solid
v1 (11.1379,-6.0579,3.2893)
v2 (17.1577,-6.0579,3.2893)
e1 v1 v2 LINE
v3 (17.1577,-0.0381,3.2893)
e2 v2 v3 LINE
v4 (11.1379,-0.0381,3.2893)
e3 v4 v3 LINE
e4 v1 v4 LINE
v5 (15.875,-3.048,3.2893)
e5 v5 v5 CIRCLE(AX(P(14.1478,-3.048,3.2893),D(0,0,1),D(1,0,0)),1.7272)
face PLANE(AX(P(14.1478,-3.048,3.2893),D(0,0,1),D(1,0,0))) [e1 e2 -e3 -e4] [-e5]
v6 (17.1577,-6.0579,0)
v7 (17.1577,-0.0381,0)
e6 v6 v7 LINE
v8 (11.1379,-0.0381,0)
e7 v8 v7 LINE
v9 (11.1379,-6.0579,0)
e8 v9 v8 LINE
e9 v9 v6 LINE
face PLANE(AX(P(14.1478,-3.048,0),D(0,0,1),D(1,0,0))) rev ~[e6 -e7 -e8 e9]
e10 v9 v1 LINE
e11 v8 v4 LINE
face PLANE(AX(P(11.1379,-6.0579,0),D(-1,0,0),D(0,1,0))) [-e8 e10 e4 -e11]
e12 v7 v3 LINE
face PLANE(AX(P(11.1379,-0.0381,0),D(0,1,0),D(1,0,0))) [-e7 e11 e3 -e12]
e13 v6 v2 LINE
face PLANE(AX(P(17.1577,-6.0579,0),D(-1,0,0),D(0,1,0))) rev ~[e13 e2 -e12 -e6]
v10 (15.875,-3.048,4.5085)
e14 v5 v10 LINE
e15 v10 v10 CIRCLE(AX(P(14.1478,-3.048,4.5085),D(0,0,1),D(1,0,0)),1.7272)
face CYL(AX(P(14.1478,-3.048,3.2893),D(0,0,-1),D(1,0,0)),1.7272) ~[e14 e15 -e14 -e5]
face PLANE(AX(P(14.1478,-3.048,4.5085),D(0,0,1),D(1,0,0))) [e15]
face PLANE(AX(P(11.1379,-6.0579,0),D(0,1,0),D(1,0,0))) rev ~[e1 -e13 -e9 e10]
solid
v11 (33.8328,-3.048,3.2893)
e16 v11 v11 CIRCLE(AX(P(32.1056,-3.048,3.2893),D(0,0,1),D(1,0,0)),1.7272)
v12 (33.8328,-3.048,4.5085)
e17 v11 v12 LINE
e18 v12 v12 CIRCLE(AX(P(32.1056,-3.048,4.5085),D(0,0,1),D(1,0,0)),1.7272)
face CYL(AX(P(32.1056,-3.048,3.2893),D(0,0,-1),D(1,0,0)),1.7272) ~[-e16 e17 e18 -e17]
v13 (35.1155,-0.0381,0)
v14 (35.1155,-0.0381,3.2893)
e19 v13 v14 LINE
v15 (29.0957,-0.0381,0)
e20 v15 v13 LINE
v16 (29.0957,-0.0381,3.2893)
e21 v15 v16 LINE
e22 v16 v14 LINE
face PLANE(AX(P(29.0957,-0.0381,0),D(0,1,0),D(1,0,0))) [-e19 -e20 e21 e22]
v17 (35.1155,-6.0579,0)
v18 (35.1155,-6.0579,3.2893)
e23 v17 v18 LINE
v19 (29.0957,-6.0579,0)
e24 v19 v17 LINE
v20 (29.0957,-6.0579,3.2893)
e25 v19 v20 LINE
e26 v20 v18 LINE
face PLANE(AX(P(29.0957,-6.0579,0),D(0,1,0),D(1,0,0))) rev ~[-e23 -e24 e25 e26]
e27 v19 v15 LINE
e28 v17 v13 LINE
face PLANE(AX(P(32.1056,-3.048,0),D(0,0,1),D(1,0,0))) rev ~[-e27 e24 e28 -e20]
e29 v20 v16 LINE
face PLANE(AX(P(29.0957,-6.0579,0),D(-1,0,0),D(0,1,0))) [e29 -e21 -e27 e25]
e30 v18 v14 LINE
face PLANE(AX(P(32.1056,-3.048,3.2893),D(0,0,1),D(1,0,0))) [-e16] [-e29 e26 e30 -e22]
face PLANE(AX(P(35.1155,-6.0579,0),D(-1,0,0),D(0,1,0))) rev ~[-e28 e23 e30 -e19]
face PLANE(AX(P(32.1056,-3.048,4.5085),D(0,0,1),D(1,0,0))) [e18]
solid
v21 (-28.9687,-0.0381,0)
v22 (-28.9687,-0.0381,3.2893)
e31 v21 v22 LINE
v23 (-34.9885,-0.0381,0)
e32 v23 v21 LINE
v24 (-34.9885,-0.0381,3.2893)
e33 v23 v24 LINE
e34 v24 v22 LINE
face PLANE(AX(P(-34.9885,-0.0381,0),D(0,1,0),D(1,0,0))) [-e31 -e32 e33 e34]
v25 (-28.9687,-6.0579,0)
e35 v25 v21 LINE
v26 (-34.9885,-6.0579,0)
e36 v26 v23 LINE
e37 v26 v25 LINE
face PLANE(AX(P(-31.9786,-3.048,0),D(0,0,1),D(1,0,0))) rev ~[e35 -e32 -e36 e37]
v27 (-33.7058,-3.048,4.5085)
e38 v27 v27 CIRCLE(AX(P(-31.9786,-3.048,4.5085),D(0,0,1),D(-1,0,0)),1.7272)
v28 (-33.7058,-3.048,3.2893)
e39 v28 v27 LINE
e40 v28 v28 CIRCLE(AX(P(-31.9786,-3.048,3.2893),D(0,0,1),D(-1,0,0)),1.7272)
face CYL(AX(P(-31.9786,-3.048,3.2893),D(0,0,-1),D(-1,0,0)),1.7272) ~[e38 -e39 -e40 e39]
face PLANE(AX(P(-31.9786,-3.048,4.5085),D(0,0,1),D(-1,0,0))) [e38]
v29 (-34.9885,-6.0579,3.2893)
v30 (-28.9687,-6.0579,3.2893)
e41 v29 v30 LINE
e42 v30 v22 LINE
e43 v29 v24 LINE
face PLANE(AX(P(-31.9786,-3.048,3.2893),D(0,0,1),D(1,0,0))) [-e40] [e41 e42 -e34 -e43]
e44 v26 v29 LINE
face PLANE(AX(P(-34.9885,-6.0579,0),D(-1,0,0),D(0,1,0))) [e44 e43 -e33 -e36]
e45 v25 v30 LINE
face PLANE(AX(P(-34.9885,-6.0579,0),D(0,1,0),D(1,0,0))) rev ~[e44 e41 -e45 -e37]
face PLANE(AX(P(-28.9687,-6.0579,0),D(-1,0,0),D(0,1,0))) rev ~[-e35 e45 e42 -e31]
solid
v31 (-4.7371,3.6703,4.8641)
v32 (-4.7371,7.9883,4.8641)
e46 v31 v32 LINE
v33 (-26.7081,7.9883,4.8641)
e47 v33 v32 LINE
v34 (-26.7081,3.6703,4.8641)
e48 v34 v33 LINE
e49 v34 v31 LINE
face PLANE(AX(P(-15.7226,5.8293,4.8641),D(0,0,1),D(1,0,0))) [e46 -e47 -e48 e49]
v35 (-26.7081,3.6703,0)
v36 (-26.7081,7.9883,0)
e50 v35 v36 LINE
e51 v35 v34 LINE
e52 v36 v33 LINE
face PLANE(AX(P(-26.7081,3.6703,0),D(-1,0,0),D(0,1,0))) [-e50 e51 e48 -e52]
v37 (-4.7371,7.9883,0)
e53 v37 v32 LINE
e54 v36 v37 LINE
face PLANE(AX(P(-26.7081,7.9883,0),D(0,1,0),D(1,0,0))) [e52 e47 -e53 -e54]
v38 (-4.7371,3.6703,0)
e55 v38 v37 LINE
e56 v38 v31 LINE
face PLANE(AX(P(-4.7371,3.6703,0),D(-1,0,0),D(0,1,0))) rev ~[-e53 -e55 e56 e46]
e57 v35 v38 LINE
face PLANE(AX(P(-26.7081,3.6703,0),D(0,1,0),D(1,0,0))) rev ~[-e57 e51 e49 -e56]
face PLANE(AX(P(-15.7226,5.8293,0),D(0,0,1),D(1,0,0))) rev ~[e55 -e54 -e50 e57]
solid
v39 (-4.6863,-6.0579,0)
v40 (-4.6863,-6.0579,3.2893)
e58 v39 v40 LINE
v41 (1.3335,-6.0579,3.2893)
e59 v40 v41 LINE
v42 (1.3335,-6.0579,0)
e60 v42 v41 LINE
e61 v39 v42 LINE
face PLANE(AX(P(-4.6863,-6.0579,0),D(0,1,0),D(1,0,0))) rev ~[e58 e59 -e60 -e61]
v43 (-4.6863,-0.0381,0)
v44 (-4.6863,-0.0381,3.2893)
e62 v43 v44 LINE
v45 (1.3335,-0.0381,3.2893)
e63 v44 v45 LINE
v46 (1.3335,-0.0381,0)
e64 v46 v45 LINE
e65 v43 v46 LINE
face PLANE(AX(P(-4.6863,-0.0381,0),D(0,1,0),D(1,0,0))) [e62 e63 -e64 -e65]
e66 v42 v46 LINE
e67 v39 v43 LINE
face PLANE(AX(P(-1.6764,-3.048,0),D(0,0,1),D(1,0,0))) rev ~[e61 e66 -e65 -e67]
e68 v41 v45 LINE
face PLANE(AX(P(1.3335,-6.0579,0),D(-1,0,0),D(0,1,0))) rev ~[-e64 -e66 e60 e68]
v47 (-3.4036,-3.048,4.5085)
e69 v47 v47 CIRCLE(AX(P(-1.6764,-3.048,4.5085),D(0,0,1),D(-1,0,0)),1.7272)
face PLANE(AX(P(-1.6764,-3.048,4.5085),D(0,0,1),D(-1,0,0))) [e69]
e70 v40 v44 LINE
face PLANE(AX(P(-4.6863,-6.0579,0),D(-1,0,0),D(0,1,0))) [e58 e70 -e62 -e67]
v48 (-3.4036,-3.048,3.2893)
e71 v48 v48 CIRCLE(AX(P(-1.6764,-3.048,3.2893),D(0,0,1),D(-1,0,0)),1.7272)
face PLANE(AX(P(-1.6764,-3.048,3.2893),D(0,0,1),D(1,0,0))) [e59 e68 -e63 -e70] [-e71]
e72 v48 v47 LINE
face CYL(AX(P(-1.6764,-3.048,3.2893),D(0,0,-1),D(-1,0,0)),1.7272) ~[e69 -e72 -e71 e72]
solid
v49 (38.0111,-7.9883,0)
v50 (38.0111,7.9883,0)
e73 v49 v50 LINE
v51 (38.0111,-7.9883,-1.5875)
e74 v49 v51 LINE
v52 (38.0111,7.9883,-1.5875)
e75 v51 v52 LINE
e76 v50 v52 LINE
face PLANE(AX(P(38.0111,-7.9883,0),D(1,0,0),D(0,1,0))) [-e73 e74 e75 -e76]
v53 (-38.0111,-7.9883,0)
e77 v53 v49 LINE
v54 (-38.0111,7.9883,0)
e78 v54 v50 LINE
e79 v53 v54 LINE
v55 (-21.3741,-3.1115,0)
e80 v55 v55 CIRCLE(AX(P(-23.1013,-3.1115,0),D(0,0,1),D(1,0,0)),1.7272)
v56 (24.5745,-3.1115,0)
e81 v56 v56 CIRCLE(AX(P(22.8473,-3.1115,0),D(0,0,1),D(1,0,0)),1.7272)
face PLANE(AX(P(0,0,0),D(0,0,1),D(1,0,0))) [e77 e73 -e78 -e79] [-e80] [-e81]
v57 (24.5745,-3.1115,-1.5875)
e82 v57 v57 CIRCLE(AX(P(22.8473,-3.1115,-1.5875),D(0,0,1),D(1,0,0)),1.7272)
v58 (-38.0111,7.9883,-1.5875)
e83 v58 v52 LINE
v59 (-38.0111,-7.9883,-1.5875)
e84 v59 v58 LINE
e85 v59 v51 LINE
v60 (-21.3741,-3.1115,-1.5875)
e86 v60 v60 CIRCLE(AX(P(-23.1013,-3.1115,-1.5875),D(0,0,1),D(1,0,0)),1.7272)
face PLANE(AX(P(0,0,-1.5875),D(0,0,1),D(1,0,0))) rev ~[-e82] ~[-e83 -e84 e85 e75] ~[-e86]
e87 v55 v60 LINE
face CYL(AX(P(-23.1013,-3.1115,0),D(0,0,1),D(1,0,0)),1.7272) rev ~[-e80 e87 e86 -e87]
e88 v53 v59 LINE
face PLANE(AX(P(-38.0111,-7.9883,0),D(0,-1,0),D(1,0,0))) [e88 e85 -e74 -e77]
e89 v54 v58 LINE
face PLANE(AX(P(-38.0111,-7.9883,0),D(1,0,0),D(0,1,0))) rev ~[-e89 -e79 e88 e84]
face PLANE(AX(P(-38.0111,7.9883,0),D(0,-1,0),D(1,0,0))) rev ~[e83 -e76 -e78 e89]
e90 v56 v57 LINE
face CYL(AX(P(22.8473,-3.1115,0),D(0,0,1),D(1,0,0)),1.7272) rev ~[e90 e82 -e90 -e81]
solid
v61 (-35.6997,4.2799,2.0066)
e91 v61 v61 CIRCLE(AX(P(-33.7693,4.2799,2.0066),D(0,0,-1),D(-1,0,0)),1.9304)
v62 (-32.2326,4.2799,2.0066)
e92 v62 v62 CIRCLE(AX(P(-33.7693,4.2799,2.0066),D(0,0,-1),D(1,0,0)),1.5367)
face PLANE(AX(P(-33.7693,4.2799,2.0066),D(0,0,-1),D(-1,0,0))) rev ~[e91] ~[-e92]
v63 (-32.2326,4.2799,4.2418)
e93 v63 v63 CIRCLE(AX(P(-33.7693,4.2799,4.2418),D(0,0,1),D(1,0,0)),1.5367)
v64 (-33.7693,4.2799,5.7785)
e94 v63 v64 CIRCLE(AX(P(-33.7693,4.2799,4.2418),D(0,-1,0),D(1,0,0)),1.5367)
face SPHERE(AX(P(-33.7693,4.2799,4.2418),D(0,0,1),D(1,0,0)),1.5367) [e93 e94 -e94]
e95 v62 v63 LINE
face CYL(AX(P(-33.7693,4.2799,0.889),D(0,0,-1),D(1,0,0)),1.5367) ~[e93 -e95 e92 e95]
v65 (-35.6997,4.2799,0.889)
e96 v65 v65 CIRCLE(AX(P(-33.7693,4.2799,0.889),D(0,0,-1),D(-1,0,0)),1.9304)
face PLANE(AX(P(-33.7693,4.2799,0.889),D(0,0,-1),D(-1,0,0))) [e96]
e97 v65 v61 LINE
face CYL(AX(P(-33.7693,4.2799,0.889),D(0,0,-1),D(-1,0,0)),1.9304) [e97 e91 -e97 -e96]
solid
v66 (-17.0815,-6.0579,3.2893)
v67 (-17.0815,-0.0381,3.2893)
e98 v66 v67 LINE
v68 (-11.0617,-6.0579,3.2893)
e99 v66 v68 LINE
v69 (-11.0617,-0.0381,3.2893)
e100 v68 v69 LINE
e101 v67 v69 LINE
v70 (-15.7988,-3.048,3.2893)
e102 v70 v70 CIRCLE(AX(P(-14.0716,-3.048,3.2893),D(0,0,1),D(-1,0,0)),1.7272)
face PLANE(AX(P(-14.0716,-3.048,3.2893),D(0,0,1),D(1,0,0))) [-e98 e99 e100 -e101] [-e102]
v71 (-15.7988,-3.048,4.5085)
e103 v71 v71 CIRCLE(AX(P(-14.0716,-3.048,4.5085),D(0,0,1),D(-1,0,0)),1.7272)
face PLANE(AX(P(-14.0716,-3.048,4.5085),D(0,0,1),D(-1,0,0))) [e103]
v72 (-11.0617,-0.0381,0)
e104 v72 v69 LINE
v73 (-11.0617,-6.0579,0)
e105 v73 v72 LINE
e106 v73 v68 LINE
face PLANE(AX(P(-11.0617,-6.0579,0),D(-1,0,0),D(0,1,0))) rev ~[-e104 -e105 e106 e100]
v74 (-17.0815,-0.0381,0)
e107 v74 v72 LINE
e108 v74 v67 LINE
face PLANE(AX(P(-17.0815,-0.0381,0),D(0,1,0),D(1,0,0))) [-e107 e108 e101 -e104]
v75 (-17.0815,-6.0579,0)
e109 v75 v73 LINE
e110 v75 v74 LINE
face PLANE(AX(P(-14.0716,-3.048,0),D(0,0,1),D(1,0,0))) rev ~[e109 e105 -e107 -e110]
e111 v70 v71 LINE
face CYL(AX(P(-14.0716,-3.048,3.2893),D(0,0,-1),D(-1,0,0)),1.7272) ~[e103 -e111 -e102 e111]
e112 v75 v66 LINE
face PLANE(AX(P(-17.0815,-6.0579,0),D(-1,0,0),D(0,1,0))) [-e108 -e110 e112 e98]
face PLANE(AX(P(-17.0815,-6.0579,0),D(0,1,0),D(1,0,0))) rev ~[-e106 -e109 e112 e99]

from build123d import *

# Parameters (mm, degrees)
SKETCH2_W             = 76.0222
SKETCH2_H             = 15.9766
SKETCH2_R             = 1.7272
BOSS_EXTRUDE1_DEPTH   = 1.5875
SKETCH3_W             = 6.0198
SKETCH3_H             = 6.0198
BOSS_EXTRUDE2_DEPTH   = 3.2893
BOSS_EXTRUDE2_2_DEPTH = 3.2893
BOSS_EXTRUDE2_3_DEPTH = 3.2893
BOSS_EXTRUDE2_4_DEPTH = 3.2893
BOSS_EXTRUDE2_5_DEPTH = 3.2893
SKETCH4_R             = 1.7272
BOSS_EXTRUDE3_DEPTH   = 1.2192
SKETCH5_W             = 21.971
SKETCH5_H             = 4.318
BOSS_EXTRUDE4_DEPTH   = 4.8641
BOSS_EXTRUDE5_START   = 0.889
SKETCH6_R             = 1.5367
BOSS_EXTRUDE5_DEPTH   = 3.3528
DOME1_FACE_RADIUS     = 1.5367
DOME1_HEIGHT          = 1.5367
SKETCH7_R             = 1.9304
BOSS_EXTRUDE6_DEPTH   = 1.1176


with BuildPart() as part:
    # Sketch2 → Boss-Extrude1 (new body)
    with BuildSketch(Plane.XY):
        Rectangle(SKETCH2_W, SKETCH2_H)
        with Locations((-23.1013, -3.1115)):
            Circle(SKETCH2_R, mode=Mode.SUBTRACT)
        with Locations((22.8473, -3.1115)):
            Circle(SKETCH2_R, mode=Mode.SUBTRACT)
    extrude(amount=-BOSS_EXTRUDE1_DEPTH)


with BuildPart() as body_2:
    # Sketch3 → Boss-Extrude2 (new body)
    with BuildSketch(Plane.XY):
        with Locations((-31.9786, -3.048)):
            Rectangle(SKETCH3_W, SKETCH3_H)
    extrude(amount=BOSS_EXTRUDE2_DEPTH)



with BuildPart() as body_3:
    # Sketch3 → Boss-Extrude2 2 (new body)
    with BuildSketch(Plane.XY):
        with Locations((-14.0716, -3.048)):
            Rectangle(SKETCH3_W, SKETCH3_H)
    extrude(amount=BOSS_EXTRUDE2_2_DEPTH)


with BuildPart() as body_4:
    # Sketch3 → Boss-Extrude2 3 (new body)
    with BuildSketch(Plane.XY):
        with Locations((-1.6764, -3.048)):
            Rectangle(SKETCH3_W, SKETCH3_H)
    extrude(amount=BOSS_EXTRUDE2_3_DEPTH)


with BuildPart() as body_5:
    # Sketch3 → Boss-Extrude2 4 (new body)
    with BuildSketch(Plane.XY):
        with Locations((14.1478, -3.048)):
            Rectangle(SKETCH3_W, SKETCH3_H)
    extrude(amount=BOSS_EXTRUDE2_4_DEPTH)


with BuildPart() as body_6:
    # Sketch3 → Boss-Extrude2 5 (new body)
    with BuildSketch(Plane.XY):
        with Locations((32.1056, -3.048)):
            Rectangle(SKETCH3_W, SKETCH3_H)
    extrude(amount=BOSS_EXTRUDE2_5_DEPTH)


with BuildPart() as body_2_1:
    add(body_2.part)

    add(body_3.part)  # Boss-Extrude3 merges body 3

    add(body_4.part)  # Boss-Extrude3 merges body 4

    add(body_5.part)  # Boss-Extrude3 merges body 5

    add(body_6.part)  # Boss-Extrude3 merges body 6
    # Sketch4 → Boss-Extrude3 (add)
    with BuildSketch(Plane.XY.offset(3.2893)):
        with Locations(Location((-31.9786, -3.048, 0), (0, 0, 180))):
            Circle(SKETCH4_R)
        with Locations(Location((-14.0716, -3.048, 0), (0, 0, 180))):
            Circle(SKETCH4_R)
        with Locations(Location((-1.6764, -3.048, 0), (0, 0, 180))):
            Circle(SKETCH4_R)
        with Locations((14.1478, -3.048)):
            Circle(SKETCH4_R)
        with Locations((32.1056, -3.048)):
            Circle(SKETCH4_R)
    extrude(amount=BOSS_EXTRUDE3_DEPTH)


with BuildPart() as body_3_2:
    # Sketch5 → Boss-Extrude4 (new body)
    with BuildSketch(Plane.XY):
        with Locations((-15.7226, 5.8293)):
            Rectangle(SKETCH5_W, SKETCH5_H)
    extrude(amount=BOSS_EXTRUDE4_DEPTH)


with BuildPart() as body_4_2:
    # Sketch6 → Boss-Extrude5 (new body)
    with BuildSketch(Plane.XY.offset(BOSS_EXTRUDE5_START)):
        with Locations((-33.7693, 4.2799)):
            Circle(SKETCH6_R)
    extrude(amount=BOSS_EXTRUDE5_DEPTH)

    # Dome1: a dome of height H over a round flat face of radius A is a cap of a sphere of radius (A * A + H * H) / (2 * H)
    dome1_r = (DOME1_FACE_RADIUS * DOME1_FACE_RADIUS + DOME1_HEIGHT * DOME1_HEIGHT) / (2 * DOME1_HEIGHT)
    dome1_base = Plane((-33.7693, 4.2799, 4.2418), z_dir=(0, 0, 1))
    with Locations(dome1_base.offset(DOME1_HEIGHT - dome1_r)):
        dome1_ball = Sphere(dome1_r, mode=Mode.PRIVATE)
    add(split(dome1_ball, bisect_by=dome1_base, keep=Keep.TOP, mode=Mode.PRIVATE))

    # Sketch7 → Boss-Extrude6 (add)
    with BuildSketch(Plane(origin=(0, 0, 0.889), x_dir=(-1, 0, 0), z_dir=(0, 0, -1))):
        with Locations((33.7693, 4.2799)):
            Circle(SKETCH7_R)
    extrude(amount=-BOSS_EXTRUDE6_DEPTH)


solid = Compound([part.part, body_2_1.part, body_3_2.part, body_4_2.part])
